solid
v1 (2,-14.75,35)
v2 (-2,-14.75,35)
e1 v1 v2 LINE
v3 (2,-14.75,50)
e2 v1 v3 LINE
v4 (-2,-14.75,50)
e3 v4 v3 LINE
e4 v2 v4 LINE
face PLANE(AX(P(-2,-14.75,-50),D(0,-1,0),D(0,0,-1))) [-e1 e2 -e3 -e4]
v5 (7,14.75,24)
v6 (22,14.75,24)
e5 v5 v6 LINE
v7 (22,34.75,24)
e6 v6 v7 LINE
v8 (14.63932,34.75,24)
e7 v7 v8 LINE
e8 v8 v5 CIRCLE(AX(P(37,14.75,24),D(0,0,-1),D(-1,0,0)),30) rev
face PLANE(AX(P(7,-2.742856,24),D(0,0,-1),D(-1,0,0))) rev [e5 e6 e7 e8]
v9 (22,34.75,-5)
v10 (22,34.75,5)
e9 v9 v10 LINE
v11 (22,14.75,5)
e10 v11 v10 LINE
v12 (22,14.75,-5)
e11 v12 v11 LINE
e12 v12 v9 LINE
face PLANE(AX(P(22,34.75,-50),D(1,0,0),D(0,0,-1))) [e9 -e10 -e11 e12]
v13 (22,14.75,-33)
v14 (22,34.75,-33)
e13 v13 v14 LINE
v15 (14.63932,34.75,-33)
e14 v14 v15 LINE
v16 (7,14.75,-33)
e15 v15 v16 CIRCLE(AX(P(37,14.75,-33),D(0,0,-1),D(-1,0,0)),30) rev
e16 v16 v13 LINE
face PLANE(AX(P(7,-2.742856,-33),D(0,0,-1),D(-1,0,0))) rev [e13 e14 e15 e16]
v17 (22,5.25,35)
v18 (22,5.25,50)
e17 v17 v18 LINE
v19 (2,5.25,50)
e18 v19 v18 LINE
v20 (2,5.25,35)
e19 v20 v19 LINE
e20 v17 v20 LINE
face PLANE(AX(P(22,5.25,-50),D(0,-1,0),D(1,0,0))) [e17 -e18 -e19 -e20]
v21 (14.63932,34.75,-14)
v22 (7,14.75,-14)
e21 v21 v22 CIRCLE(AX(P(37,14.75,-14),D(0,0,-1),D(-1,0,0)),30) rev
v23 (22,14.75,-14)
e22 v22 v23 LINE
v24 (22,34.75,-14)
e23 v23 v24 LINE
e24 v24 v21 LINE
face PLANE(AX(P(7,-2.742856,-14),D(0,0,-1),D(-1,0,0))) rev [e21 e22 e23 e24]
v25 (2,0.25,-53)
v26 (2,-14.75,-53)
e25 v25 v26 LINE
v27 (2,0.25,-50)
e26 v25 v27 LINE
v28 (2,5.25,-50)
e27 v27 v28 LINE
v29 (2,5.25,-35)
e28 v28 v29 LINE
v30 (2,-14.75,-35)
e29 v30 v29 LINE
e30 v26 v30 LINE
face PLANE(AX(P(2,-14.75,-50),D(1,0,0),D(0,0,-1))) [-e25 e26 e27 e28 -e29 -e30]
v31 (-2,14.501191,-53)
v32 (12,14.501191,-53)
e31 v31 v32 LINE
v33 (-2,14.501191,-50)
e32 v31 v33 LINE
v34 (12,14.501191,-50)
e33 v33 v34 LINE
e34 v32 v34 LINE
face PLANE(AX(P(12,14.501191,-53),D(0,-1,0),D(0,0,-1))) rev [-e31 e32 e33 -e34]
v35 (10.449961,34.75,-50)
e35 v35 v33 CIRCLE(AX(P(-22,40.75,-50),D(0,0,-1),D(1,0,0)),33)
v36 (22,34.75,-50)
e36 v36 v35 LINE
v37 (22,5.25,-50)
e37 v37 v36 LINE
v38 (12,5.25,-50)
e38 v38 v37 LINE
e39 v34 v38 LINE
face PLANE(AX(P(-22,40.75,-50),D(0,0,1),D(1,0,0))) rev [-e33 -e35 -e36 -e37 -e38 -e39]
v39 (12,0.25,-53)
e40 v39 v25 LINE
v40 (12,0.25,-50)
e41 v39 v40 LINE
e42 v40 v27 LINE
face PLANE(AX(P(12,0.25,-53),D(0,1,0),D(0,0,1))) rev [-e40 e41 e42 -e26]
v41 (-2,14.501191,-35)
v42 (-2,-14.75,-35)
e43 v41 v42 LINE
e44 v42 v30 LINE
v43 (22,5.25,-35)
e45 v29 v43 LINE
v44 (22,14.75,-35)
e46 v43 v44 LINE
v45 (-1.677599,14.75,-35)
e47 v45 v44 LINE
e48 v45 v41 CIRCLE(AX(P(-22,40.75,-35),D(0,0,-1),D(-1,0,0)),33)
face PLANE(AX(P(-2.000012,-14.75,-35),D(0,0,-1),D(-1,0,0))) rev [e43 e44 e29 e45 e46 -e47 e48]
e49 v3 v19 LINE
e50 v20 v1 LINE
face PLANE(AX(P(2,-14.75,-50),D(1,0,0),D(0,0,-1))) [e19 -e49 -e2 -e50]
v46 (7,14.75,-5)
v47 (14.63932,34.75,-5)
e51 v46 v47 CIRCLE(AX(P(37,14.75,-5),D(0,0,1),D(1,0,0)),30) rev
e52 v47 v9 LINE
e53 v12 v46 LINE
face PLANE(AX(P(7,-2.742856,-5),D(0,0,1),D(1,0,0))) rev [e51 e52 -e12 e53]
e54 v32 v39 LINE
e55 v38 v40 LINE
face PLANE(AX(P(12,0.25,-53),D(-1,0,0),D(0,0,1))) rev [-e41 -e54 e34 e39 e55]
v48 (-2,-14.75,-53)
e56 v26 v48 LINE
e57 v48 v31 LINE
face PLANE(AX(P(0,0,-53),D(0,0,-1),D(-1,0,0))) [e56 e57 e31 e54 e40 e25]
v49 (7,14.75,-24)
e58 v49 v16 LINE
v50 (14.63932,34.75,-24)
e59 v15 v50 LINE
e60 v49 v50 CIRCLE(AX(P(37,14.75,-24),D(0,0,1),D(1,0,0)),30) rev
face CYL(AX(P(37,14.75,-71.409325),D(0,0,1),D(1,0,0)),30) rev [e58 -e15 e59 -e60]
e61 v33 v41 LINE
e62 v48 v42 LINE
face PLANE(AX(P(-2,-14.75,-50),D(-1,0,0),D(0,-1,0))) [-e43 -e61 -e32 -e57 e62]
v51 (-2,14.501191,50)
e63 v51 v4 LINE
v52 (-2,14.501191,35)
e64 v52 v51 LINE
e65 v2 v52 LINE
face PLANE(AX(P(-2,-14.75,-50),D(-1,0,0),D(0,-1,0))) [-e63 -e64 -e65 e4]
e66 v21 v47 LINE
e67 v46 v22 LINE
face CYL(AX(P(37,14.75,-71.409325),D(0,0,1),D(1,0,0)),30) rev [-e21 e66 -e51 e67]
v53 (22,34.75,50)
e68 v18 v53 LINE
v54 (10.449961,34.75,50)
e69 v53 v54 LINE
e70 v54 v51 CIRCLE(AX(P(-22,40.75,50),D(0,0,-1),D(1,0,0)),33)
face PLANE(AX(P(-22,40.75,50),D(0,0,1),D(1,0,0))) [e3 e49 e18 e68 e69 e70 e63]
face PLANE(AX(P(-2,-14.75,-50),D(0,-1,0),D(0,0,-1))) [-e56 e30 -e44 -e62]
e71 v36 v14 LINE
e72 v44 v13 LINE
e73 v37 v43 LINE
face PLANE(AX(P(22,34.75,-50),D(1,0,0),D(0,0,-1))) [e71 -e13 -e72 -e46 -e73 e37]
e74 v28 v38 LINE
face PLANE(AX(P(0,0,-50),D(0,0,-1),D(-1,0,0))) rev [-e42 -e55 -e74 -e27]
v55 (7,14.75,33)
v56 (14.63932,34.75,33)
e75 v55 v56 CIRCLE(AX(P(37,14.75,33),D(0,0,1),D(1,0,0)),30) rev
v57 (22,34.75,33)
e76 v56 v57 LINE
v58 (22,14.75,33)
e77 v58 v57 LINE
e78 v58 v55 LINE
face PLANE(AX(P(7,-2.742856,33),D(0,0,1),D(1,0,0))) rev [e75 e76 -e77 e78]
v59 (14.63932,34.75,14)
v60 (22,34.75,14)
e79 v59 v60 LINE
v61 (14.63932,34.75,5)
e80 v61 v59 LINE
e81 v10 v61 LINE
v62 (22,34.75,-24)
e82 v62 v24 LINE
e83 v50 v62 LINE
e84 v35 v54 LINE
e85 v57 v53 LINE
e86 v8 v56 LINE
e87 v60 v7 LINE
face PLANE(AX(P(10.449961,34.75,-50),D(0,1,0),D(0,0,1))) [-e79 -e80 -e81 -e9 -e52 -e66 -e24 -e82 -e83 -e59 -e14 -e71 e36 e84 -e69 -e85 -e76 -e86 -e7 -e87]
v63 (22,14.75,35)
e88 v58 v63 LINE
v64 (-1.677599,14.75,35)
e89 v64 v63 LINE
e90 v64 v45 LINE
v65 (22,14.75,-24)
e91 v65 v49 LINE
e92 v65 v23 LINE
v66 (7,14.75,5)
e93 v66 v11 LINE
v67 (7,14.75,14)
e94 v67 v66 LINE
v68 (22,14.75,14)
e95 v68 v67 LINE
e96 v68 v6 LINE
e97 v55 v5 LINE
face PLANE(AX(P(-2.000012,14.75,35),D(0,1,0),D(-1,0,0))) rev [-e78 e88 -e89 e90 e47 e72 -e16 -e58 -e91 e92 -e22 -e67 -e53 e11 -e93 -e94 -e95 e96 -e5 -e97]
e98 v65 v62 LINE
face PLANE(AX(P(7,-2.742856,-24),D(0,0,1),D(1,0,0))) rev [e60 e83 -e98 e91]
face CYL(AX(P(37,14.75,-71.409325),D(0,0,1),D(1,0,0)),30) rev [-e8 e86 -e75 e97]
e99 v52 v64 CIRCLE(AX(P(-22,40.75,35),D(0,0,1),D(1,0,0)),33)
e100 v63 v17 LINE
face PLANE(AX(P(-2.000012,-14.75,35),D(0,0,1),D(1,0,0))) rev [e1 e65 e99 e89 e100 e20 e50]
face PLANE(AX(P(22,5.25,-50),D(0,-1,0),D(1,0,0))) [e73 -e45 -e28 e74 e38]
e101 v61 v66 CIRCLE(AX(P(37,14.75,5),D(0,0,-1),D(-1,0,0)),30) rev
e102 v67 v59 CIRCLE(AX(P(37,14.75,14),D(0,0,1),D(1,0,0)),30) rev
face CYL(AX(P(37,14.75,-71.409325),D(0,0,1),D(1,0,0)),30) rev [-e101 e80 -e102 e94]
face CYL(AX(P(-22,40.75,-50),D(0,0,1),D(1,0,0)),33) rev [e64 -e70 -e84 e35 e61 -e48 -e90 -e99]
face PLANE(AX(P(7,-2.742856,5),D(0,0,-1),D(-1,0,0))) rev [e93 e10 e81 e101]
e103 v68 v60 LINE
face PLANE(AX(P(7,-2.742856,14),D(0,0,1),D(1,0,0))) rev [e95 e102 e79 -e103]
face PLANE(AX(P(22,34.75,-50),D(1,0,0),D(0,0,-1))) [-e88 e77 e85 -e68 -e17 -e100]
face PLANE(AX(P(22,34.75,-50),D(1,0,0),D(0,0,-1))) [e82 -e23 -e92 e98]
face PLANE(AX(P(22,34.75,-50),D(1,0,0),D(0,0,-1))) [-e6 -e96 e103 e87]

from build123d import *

# Parameters (mm, degrees)
BOSS_EXTRUDE1_DEPTH      = 50
BOSS_EXTRUDE1_DEPTH_BACK = 50
CUT_EXTRUDE1_DEPTH       = 66.448930473
CUT_EXTRUDE1_DEPTH_BACK  = 66.448930473
SKETCH2_W                = 70
SKETCH2_H                = 29.5
SKETCH5_W                = 15
SKETCH5_H                = 9
CUT_EXTRUDE2_DEPTH       = 20
BOSS_EXTRUDE3_REACH      = 110.128
BOSS_EXTRUDE4_DEPTH      = 3


with BuildPart() as part:
    # Sketch1 → Boss-Extrude1 (new, two sides: drawn at the far end of the back side and taken through both)
    with BuildSketch(Plane.XY.offset(-BOSS_EXTRUDE1_DEPTH_BACK)):
        with BuildLine():
            Line((-2, -14.75), (2, -14.75))
            Line((2, -14.75), (2, 5.25))
            Line((2, 5.25), (22, 5.25))
            Line((22, 5.25), (22, 14.75))
            Line((22, 14.75), (22, 34.75))
            Line((22, 34.75), (10.449961479, 34.75))
            ThreePointArc((10.449961479, 34.75), (6.111442266, 23.465706156), (-2, 14.501190503))
            Line((-2, 14.501190503), (-2, -14.75))
        make_face()
    extrude(amount=BOSS_EXTRUDE1_DEPTH + BOSS_EXTRUDE1_DEPTH_BACK)

    # Sketch2 → Cut-Extrude1 (cut, two sides: drawn at the far end of the back side and taken through both)
    with BuildSketch(Plane(origin=(-2, 0, 0), x_dir=(0, 0, -1), z_dir=(1, 0, 0)).offset(-CUT_EXTRUDE1_DEPTH_BACK)):
        Rectangle(SKETCH2_W, SKETCH2_H)
    extrude(amount=CUT_EXTRUDE1_DEPTH + CUT_EXTRUDE1_DEPTH_BACK, mode=Mode.SUBTRACT)

    # Sketch5 → Cut-Extrude2 (cut)
    with BuildSketch(Plane(origin=(0, 34.75, 0), x_dir=(1, 0, 0), z_dir=(0, 1, 0))):
        with Locations((14.5, -28.5)):
            Rectangle(SKETCH5_W, SKETCH5_H)
        with Locations((14.5, -9.5)):
            Rectangle(SKETCH5_W, SKETCH5_H)
        with Locations((14.5, 9.5)):
            Rectangle(SKETCH5_W, SKETCH5_H)
        with Locations((14.5, 28.5)):
            Rectangle(SKETCH5_W, SKETCH5_H)
    extrude(amount=-CUT_EXTRUDE2_DEPTH, mode=Mode.SUBTRACT)

    # Boss-Extrude3: up to this face of the body (flat: up to its plane)
    boss_extrude3_end = Plane(part.part.faces().sort_by_distance((10.585369563, 14.996232635, -50))[0])
    # Sketch6 → Boss-Extrude3 (add, up to the picked face)
    with BuildSketch(Plane.XY.offset(50), mode=Mode.PRIVATE) as boss_extrude3_sk1:
        with BuildLine():
            Line((14.639320225, 34.75), (10.449961479, 34.75))
            ThreePointArc((10.449961479, 34.75), (9.109168973, 29.740022443), (7, 25.001984252))
            Line((7, 25.001984252), (7, 14.75))
            ThreePointArc((7, 14.75), (8.974829231, 25.454662693), (14.639320225, 34.75))
        make_face()
    boss_extrude3_tool1 = split(extrude(boss_extrude3_sk1.sketch, amount=-BOSS_EXTRUDE3_REACH, mode=Mode.PRIVATE), bisect_by=boss_extrude3_end, keep=Keep.BOTH, mode=Mode.PRIVATE)
    add(boss_extrude3_tool1.solids().sort_by(Axis((9.906803, 28.936431, 50), (0, 0, -1)))[0])

    # Sketch8 → Boss-Extrude4 (add)
    with BuildSketch(Plane(origin=(0, 0, -50), x_dir=(-1, 0, 0), z_dir=(0, 0, -1))):
        Polygon((-12, 0.25), (-2, 0.25), (-2, -14.75), (2, -14.75), (2, 14.501190503), (-12, 14.501190503), align=None)
    extrude(amount=BOSS_EXTRUDE4_DEPTH)


solid = part.part
